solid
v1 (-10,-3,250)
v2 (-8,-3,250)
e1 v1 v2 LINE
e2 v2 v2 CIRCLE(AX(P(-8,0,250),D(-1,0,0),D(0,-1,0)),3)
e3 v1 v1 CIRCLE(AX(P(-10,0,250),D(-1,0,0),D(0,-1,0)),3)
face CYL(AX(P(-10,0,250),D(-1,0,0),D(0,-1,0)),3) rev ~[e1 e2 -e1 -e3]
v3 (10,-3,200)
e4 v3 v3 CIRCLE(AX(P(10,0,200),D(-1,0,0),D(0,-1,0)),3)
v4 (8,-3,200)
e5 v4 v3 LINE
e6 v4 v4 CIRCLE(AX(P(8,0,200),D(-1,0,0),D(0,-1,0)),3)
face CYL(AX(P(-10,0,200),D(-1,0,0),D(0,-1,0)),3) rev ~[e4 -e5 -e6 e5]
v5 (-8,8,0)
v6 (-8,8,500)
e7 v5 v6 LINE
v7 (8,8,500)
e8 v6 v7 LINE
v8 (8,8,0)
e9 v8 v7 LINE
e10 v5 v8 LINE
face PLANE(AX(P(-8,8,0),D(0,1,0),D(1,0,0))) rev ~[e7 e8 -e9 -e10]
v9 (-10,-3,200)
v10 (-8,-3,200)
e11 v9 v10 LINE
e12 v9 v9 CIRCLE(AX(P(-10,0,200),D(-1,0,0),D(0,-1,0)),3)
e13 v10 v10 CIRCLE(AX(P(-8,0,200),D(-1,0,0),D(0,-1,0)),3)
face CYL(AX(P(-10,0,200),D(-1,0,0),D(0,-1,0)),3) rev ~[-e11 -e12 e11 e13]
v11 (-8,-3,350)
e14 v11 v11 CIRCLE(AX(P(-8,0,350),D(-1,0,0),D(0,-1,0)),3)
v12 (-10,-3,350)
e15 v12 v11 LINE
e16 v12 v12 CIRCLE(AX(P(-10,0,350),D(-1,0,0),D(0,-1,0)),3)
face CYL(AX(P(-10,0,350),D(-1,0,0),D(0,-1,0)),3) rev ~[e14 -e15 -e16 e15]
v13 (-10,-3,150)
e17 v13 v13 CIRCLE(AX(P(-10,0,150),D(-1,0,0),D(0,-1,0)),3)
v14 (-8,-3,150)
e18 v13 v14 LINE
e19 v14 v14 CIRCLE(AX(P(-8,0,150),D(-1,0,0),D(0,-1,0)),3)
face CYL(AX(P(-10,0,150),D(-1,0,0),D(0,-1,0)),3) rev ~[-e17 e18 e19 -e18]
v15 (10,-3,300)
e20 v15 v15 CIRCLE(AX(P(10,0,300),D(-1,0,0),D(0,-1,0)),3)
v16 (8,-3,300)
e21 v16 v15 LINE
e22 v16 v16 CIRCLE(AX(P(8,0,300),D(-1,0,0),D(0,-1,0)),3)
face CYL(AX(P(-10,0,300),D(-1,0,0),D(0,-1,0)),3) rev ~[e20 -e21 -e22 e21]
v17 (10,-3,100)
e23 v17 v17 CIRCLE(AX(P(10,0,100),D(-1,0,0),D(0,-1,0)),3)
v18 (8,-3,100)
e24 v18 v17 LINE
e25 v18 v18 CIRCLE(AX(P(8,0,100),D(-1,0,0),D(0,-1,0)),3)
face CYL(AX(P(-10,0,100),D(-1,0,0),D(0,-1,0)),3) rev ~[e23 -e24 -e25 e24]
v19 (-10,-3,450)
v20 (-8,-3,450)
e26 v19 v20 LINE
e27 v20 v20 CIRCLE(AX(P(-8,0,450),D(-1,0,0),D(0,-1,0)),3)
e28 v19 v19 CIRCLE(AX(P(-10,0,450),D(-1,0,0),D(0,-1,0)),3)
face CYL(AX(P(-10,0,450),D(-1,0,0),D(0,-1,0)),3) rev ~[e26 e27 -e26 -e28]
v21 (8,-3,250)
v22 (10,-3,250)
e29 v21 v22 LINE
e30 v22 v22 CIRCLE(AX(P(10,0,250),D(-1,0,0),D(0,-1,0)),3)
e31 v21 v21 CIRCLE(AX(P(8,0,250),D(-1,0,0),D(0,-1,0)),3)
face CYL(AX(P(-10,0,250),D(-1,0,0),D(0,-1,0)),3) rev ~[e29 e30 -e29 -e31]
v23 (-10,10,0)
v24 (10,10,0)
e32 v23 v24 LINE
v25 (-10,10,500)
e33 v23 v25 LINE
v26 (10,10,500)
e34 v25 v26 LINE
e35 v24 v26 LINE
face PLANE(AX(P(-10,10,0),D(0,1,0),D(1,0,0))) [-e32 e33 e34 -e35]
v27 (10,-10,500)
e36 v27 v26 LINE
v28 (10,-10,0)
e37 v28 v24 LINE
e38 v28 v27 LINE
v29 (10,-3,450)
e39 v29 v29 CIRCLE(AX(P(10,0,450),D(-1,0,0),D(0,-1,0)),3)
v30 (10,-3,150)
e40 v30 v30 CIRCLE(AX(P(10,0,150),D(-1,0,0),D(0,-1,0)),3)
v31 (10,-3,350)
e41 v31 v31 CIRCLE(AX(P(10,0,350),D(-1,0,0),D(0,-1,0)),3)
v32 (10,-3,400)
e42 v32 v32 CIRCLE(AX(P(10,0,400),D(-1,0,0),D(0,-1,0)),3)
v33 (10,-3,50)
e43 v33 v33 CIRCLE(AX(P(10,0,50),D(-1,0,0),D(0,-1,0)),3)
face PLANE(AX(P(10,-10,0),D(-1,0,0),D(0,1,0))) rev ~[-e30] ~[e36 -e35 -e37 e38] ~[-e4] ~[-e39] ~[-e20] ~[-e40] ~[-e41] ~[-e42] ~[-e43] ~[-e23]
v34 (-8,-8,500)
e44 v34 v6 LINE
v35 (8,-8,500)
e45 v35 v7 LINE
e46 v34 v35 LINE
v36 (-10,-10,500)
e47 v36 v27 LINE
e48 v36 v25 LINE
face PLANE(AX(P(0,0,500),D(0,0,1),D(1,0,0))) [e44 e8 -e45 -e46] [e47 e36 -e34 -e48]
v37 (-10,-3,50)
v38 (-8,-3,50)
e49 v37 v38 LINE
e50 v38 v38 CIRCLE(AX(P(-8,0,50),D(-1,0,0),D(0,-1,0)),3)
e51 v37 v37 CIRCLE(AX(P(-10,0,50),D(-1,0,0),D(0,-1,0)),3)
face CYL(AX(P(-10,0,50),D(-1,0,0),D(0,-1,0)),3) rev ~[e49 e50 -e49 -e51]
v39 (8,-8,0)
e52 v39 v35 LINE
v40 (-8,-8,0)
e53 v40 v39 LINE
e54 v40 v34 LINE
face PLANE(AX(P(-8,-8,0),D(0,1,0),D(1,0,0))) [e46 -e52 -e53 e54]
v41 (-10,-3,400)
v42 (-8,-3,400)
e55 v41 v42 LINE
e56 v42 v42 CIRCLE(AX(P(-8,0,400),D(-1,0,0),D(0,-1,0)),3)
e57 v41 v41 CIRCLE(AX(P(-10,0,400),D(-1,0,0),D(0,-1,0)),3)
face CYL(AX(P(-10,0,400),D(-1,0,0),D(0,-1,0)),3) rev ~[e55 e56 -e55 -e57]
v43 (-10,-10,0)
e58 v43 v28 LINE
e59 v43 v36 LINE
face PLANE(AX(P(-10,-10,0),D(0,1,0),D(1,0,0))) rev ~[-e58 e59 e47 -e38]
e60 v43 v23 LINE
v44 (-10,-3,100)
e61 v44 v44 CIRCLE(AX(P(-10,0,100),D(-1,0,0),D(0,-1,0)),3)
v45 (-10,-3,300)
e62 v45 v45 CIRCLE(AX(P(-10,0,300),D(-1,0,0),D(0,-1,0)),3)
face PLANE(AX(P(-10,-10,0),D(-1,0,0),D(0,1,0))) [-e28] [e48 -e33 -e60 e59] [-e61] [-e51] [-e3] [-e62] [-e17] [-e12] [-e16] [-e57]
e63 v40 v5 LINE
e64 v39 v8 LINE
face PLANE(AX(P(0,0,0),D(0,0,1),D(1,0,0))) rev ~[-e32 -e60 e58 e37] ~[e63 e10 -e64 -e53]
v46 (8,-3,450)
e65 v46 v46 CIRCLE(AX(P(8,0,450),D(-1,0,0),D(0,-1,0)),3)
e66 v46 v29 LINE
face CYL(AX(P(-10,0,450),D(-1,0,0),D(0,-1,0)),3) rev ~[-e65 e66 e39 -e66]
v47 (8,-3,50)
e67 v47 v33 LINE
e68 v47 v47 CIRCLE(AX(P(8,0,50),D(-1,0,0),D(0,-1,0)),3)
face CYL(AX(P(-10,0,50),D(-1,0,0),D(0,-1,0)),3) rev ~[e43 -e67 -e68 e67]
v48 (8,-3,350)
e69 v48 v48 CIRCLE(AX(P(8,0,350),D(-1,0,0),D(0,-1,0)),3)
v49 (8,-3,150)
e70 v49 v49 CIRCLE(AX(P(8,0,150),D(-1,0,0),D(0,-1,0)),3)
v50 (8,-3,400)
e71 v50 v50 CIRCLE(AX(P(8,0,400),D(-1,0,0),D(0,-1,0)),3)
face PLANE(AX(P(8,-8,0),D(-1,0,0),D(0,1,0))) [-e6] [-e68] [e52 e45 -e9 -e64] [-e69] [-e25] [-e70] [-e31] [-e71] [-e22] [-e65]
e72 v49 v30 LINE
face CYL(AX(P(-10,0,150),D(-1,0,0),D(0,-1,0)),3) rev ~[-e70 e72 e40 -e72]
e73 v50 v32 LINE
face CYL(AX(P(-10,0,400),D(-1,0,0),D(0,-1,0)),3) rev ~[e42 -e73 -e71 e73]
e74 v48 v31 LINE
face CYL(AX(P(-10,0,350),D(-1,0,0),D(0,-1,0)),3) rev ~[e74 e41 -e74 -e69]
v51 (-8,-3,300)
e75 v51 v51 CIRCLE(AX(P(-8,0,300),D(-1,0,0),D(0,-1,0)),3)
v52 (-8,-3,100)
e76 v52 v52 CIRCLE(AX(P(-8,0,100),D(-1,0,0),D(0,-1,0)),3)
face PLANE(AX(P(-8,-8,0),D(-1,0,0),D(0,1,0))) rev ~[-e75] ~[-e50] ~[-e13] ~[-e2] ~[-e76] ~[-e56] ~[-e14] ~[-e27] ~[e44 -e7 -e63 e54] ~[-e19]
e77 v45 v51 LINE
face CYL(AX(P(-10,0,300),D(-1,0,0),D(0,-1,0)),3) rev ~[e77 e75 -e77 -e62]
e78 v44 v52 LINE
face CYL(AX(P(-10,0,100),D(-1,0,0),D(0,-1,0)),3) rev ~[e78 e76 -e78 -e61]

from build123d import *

# Parameters (mm, degrees)
SKETCH1_W           = 20
SKETCH1_H           = 20
SKETCH1_W_2         = 16
SKETCH1_H_2         = 16
BOSS_EXTRUDE1_DEPTH = 500
SKETCH3_R           = 3
CUT_EXTRUDE1_DEPTH  = 501.49975025
LPATTERN1_COUNT     = 9
LPATTERN1_PITCH     = 50


with BuildPart() as part:
    # Sketch1 → Boss-Extrude1 (new body)
    with BuildSketch(Plane.XY):
        Rectangle(SKETCH1_W, SKETCH1_H)
        Rectangle(SKETCH1_W_2, SKETCH1_H_2, mode=Mode.SUBTRACT)
    extrude(amount=BOSS_EXTRUDE1_DEPTH)

    # Sketch3 → Cut-Extrude1 (cut, through all)
    with BuildSketch(Plane.ZY.offset(10)):
        with Locations(Location((50, 0, 0), (0, 0, 270))):
            Circle(SKETCH3_R)
    cut_extrude1 = extrude(amount=-CUT_EXTRUDE1_DEPTH, mode=Mode.SUBTRACT)

    # LPattern1: Cut-Extrude1 ×9
    with Locations(*[(0, 0, i * LPATTERN1_PITCH) for i in range(1, LPATTERN1_COUNT)]):
        add(cut_extrude1, mode=Mode.SUBTRACT)


solid = part.part
